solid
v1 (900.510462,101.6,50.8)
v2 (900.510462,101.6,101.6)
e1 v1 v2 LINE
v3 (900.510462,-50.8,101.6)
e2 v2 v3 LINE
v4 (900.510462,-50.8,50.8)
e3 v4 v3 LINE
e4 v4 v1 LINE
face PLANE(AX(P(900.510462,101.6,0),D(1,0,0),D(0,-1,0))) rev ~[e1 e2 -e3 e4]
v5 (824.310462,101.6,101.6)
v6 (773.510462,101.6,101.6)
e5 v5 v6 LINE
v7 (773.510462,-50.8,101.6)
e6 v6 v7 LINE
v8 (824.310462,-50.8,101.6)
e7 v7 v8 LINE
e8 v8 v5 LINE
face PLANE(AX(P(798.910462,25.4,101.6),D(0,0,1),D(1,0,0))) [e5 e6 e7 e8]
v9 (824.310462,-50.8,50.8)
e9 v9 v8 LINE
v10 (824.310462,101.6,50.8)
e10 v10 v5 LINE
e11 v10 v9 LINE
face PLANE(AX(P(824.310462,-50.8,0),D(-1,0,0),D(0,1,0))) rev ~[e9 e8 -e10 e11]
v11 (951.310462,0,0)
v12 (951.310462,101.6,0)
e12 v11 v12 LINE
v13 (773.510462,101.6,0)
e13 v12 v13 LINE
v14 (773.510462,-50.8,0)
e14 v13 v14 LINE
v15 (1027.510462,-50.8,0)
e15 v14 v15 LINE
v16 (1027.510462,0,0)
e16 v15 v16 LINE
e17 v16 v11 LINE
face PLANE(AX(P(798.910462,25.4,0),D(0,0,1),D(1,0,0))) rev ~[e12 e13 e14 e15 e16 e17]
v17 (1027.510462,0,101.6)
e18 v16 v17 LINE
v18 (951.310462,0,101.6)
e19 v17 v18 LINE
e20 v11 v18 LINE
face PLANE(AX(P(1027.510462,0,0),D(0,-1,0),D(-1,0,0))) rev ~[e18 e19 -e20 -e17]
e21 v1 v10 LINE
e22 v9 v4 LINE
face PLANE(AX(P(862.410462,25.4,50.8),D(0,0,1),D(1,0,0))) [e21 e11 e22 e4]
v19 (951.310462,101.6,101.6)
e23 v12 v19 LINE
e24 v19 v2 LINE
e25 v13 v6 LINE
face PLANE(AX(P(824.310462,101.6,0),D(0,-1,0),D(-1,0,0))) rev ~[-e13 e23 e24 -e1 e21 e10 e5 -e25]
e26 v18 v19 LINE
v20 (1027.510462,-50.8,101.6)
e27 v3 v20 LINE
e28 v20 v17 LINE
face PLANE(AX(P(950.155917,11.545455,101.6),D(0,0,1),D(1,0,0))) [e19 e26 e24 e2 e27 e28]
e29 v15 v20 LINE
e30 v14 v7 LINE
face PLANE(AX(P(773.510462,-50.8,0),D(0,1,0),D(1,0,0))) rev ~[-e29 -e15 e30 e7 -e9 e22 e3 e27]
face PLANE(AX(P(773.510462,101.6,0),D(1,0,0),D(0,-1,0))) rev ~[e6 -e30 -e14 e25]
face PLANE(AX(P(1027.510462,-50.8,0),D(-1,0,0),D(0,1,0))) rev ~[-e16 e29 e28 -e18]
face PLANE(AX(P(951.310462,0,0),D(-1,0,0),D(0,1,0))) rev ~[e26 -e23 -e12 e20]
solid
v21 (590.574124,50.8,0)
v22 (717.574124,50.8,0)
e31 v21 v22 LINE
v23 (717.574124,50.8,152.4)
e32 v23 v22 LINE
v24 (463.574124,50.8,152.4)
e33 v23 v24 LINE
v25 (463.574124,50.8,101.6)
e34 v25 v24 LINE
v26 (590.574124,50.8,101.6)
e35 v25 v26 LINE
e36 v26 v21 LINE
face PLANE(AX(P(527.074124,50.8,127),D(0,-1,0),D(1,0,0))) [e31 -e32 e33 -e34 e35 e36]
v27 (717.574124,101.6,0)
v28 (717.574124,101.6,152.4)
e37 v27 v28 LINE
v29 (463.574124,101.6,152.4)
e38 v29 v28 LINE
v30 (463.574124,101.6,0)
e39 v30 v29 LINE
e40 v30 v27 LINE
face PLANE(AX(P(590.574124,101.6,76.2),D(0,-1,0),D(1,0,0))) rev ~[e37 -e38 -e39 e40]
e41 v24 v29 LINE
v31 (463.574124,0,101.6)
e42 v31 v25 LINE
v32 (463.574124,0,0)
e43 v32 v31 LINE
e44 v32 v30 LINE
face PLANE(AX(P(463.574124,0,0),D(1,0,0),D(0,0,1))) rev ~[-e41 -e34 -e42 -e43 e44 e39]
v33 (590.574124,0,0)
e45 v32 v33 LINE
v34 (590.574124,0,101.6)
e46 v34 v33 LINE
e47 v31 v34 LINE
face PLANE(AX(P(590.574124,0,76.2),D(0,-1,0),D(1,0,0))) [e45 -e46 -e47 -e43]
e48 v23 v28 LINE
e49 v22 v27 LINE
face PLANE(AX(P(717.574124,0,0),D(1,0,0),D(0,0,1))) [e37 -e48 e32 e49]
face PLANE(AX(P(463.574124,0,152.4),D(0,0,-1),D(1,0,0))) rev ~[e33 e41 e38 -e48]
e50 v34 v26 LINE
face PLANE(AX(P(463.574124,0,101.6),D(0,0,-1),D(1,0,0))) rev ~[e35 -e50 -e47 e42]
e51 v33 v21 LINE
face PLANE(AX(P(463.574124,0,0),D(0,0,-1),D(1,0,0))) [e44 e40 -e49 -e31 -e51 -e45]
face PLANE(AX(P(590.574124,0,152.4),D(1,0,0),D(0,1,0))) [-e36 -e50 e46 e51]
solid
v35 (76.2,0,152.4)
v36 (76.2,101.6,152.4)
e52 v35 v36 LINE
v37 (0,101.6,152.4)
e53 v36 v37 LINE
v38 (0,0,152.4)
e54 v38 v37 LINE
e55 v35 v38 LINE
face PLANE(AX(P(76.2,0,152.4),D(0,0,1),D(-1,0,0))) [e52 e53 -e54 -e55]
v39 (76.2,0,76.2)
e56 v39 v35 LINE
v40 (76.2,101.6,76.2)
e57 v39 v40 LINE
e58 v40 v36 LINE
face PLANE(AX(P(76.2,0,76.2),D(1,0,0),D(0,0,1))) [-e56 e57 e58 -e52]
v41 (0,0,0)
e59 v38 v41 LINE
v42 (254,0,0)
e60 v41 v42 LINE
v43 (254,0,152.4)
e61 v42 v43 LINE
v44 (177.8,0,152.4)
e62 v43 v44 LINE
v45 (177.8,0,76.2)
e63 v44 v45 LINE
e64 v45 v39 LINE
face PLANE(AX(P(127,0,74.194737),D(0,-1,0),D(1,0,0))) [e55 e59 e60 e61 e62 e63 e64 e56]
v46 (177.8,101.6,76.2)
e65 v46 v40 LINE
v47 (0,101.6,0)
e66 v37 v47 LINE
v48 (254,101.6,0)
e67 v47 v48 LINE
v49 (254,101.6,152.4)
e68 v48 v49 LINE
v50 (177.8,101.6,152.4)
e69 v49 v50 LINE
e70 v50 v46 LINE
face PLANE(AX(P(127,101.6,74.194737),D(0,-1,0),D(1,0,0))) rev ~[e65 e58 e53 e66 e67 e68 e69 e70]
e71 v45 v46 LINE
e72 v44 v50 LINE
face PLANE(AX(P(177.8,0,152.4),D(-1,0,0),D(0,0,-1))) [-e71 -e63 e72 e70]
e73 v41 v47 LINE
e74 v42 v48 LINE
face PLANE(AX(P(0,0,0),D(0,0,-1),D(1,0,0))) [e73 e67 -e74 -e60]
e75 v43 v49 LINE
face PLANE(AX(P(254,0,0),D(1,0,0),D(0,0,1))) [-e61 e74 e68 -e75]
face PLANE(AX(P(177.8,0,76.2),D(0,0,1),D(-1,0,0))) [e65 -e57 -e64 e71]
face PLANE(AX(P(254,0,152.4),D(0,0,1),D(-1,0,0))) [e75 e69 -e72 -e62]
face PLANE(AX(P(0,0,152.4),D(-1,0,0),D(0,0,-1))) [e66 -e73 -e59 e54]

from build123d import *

# Parameters (mm, degrees)
F1_DEPTH  = 101.6
F2_W      = 254
F2_H      = 152.4
F3_DEPTH  = 101.6
F4_W      = 127
F4_H      = 50.8
F5_DEPTH  = 152.4
F6_W      = 127
F6_H      = 50.8
F7_DEPTH  = 50.8
F10_DEPTH = 101.6
F11_DEPTH = 50.8
F12_DEPTH = 101.6


with BuildPart() as f1:
    # F0 (on Front) → F1 (new body)
    with BuildSketch(Plane.XZ):
        Polygon((0, 152.4), (0, 0), (254, 0), (254, 152.4), (177.8, 152.4), (177.8, 76.2), (76.2, 76.2), (76.2, 152.4), align=None)
    extrude(amount=-F1_DEPTH)


with BuildPart() as f3:
    # F2 (on Front) → F3 (new body)
    with BuildSketch(Plane.XZ):
        with Locations((590.574124, 76.2)):
            Rectangle(F2_W, F2_H)
    extrude(amount=-F3_DEPTH)

    # F4 (on face) → F5 (cut)
    with BuildSketch(Plane.XY.offset(152.4)):
        with Locations((654.074124, 25.4)):
            Rectangle(F4_W, F4_H)
    extrude(amount=-F5_DEPTH, mode=Mode.SUBTRACT)

    # F6 (on face) → F7 (cut)
    with BuildSketch(Plane.XZ):
        with Locations((527.074124, 127)):
            Rectangle(F6_W, F6_H)
    extrude(amount=-F7_DEPTH, mode=Mode.SUBTRACT)


with BuildPart() as f10:
    # F9 (on Top) → F10 (new body)
    with BuildSketch(Plane.XY):
        Polygon((951.310462, 101.6), (900.510462, 101.6), (900.510462, 0), (900.510462, -50.8), (1027.510462, -50.8), (1027.510462, 0), (951.310462, 0), align=None)
    extrude(amount=F10_DEPTH)

    # F9 (on Top) → F11 (join)
    with BuildSketch(Plane.XY):
        Polygon((900.510462, 101.6), (824.310462, 101.6), (824.310462, 0), (824.310462, -50.8), (900.510462, -50.8), (900.510462, 0), align=None)
    extrude(amount=F11_DEPTH)

    # F9 (on Top) → F12 (join)
    with BuildSketch(Plane.XY):
        Polygon((773.510462, 101.6), (773.510462, 0), (773.510462, -50.8), (824.310462, -50.8), (824.310462, 0), (824.310462, 101.6), align=None)
    extrude(amount=F12_DEPTH)


solid = Compound([f1.part, f3.part, f10.part])
